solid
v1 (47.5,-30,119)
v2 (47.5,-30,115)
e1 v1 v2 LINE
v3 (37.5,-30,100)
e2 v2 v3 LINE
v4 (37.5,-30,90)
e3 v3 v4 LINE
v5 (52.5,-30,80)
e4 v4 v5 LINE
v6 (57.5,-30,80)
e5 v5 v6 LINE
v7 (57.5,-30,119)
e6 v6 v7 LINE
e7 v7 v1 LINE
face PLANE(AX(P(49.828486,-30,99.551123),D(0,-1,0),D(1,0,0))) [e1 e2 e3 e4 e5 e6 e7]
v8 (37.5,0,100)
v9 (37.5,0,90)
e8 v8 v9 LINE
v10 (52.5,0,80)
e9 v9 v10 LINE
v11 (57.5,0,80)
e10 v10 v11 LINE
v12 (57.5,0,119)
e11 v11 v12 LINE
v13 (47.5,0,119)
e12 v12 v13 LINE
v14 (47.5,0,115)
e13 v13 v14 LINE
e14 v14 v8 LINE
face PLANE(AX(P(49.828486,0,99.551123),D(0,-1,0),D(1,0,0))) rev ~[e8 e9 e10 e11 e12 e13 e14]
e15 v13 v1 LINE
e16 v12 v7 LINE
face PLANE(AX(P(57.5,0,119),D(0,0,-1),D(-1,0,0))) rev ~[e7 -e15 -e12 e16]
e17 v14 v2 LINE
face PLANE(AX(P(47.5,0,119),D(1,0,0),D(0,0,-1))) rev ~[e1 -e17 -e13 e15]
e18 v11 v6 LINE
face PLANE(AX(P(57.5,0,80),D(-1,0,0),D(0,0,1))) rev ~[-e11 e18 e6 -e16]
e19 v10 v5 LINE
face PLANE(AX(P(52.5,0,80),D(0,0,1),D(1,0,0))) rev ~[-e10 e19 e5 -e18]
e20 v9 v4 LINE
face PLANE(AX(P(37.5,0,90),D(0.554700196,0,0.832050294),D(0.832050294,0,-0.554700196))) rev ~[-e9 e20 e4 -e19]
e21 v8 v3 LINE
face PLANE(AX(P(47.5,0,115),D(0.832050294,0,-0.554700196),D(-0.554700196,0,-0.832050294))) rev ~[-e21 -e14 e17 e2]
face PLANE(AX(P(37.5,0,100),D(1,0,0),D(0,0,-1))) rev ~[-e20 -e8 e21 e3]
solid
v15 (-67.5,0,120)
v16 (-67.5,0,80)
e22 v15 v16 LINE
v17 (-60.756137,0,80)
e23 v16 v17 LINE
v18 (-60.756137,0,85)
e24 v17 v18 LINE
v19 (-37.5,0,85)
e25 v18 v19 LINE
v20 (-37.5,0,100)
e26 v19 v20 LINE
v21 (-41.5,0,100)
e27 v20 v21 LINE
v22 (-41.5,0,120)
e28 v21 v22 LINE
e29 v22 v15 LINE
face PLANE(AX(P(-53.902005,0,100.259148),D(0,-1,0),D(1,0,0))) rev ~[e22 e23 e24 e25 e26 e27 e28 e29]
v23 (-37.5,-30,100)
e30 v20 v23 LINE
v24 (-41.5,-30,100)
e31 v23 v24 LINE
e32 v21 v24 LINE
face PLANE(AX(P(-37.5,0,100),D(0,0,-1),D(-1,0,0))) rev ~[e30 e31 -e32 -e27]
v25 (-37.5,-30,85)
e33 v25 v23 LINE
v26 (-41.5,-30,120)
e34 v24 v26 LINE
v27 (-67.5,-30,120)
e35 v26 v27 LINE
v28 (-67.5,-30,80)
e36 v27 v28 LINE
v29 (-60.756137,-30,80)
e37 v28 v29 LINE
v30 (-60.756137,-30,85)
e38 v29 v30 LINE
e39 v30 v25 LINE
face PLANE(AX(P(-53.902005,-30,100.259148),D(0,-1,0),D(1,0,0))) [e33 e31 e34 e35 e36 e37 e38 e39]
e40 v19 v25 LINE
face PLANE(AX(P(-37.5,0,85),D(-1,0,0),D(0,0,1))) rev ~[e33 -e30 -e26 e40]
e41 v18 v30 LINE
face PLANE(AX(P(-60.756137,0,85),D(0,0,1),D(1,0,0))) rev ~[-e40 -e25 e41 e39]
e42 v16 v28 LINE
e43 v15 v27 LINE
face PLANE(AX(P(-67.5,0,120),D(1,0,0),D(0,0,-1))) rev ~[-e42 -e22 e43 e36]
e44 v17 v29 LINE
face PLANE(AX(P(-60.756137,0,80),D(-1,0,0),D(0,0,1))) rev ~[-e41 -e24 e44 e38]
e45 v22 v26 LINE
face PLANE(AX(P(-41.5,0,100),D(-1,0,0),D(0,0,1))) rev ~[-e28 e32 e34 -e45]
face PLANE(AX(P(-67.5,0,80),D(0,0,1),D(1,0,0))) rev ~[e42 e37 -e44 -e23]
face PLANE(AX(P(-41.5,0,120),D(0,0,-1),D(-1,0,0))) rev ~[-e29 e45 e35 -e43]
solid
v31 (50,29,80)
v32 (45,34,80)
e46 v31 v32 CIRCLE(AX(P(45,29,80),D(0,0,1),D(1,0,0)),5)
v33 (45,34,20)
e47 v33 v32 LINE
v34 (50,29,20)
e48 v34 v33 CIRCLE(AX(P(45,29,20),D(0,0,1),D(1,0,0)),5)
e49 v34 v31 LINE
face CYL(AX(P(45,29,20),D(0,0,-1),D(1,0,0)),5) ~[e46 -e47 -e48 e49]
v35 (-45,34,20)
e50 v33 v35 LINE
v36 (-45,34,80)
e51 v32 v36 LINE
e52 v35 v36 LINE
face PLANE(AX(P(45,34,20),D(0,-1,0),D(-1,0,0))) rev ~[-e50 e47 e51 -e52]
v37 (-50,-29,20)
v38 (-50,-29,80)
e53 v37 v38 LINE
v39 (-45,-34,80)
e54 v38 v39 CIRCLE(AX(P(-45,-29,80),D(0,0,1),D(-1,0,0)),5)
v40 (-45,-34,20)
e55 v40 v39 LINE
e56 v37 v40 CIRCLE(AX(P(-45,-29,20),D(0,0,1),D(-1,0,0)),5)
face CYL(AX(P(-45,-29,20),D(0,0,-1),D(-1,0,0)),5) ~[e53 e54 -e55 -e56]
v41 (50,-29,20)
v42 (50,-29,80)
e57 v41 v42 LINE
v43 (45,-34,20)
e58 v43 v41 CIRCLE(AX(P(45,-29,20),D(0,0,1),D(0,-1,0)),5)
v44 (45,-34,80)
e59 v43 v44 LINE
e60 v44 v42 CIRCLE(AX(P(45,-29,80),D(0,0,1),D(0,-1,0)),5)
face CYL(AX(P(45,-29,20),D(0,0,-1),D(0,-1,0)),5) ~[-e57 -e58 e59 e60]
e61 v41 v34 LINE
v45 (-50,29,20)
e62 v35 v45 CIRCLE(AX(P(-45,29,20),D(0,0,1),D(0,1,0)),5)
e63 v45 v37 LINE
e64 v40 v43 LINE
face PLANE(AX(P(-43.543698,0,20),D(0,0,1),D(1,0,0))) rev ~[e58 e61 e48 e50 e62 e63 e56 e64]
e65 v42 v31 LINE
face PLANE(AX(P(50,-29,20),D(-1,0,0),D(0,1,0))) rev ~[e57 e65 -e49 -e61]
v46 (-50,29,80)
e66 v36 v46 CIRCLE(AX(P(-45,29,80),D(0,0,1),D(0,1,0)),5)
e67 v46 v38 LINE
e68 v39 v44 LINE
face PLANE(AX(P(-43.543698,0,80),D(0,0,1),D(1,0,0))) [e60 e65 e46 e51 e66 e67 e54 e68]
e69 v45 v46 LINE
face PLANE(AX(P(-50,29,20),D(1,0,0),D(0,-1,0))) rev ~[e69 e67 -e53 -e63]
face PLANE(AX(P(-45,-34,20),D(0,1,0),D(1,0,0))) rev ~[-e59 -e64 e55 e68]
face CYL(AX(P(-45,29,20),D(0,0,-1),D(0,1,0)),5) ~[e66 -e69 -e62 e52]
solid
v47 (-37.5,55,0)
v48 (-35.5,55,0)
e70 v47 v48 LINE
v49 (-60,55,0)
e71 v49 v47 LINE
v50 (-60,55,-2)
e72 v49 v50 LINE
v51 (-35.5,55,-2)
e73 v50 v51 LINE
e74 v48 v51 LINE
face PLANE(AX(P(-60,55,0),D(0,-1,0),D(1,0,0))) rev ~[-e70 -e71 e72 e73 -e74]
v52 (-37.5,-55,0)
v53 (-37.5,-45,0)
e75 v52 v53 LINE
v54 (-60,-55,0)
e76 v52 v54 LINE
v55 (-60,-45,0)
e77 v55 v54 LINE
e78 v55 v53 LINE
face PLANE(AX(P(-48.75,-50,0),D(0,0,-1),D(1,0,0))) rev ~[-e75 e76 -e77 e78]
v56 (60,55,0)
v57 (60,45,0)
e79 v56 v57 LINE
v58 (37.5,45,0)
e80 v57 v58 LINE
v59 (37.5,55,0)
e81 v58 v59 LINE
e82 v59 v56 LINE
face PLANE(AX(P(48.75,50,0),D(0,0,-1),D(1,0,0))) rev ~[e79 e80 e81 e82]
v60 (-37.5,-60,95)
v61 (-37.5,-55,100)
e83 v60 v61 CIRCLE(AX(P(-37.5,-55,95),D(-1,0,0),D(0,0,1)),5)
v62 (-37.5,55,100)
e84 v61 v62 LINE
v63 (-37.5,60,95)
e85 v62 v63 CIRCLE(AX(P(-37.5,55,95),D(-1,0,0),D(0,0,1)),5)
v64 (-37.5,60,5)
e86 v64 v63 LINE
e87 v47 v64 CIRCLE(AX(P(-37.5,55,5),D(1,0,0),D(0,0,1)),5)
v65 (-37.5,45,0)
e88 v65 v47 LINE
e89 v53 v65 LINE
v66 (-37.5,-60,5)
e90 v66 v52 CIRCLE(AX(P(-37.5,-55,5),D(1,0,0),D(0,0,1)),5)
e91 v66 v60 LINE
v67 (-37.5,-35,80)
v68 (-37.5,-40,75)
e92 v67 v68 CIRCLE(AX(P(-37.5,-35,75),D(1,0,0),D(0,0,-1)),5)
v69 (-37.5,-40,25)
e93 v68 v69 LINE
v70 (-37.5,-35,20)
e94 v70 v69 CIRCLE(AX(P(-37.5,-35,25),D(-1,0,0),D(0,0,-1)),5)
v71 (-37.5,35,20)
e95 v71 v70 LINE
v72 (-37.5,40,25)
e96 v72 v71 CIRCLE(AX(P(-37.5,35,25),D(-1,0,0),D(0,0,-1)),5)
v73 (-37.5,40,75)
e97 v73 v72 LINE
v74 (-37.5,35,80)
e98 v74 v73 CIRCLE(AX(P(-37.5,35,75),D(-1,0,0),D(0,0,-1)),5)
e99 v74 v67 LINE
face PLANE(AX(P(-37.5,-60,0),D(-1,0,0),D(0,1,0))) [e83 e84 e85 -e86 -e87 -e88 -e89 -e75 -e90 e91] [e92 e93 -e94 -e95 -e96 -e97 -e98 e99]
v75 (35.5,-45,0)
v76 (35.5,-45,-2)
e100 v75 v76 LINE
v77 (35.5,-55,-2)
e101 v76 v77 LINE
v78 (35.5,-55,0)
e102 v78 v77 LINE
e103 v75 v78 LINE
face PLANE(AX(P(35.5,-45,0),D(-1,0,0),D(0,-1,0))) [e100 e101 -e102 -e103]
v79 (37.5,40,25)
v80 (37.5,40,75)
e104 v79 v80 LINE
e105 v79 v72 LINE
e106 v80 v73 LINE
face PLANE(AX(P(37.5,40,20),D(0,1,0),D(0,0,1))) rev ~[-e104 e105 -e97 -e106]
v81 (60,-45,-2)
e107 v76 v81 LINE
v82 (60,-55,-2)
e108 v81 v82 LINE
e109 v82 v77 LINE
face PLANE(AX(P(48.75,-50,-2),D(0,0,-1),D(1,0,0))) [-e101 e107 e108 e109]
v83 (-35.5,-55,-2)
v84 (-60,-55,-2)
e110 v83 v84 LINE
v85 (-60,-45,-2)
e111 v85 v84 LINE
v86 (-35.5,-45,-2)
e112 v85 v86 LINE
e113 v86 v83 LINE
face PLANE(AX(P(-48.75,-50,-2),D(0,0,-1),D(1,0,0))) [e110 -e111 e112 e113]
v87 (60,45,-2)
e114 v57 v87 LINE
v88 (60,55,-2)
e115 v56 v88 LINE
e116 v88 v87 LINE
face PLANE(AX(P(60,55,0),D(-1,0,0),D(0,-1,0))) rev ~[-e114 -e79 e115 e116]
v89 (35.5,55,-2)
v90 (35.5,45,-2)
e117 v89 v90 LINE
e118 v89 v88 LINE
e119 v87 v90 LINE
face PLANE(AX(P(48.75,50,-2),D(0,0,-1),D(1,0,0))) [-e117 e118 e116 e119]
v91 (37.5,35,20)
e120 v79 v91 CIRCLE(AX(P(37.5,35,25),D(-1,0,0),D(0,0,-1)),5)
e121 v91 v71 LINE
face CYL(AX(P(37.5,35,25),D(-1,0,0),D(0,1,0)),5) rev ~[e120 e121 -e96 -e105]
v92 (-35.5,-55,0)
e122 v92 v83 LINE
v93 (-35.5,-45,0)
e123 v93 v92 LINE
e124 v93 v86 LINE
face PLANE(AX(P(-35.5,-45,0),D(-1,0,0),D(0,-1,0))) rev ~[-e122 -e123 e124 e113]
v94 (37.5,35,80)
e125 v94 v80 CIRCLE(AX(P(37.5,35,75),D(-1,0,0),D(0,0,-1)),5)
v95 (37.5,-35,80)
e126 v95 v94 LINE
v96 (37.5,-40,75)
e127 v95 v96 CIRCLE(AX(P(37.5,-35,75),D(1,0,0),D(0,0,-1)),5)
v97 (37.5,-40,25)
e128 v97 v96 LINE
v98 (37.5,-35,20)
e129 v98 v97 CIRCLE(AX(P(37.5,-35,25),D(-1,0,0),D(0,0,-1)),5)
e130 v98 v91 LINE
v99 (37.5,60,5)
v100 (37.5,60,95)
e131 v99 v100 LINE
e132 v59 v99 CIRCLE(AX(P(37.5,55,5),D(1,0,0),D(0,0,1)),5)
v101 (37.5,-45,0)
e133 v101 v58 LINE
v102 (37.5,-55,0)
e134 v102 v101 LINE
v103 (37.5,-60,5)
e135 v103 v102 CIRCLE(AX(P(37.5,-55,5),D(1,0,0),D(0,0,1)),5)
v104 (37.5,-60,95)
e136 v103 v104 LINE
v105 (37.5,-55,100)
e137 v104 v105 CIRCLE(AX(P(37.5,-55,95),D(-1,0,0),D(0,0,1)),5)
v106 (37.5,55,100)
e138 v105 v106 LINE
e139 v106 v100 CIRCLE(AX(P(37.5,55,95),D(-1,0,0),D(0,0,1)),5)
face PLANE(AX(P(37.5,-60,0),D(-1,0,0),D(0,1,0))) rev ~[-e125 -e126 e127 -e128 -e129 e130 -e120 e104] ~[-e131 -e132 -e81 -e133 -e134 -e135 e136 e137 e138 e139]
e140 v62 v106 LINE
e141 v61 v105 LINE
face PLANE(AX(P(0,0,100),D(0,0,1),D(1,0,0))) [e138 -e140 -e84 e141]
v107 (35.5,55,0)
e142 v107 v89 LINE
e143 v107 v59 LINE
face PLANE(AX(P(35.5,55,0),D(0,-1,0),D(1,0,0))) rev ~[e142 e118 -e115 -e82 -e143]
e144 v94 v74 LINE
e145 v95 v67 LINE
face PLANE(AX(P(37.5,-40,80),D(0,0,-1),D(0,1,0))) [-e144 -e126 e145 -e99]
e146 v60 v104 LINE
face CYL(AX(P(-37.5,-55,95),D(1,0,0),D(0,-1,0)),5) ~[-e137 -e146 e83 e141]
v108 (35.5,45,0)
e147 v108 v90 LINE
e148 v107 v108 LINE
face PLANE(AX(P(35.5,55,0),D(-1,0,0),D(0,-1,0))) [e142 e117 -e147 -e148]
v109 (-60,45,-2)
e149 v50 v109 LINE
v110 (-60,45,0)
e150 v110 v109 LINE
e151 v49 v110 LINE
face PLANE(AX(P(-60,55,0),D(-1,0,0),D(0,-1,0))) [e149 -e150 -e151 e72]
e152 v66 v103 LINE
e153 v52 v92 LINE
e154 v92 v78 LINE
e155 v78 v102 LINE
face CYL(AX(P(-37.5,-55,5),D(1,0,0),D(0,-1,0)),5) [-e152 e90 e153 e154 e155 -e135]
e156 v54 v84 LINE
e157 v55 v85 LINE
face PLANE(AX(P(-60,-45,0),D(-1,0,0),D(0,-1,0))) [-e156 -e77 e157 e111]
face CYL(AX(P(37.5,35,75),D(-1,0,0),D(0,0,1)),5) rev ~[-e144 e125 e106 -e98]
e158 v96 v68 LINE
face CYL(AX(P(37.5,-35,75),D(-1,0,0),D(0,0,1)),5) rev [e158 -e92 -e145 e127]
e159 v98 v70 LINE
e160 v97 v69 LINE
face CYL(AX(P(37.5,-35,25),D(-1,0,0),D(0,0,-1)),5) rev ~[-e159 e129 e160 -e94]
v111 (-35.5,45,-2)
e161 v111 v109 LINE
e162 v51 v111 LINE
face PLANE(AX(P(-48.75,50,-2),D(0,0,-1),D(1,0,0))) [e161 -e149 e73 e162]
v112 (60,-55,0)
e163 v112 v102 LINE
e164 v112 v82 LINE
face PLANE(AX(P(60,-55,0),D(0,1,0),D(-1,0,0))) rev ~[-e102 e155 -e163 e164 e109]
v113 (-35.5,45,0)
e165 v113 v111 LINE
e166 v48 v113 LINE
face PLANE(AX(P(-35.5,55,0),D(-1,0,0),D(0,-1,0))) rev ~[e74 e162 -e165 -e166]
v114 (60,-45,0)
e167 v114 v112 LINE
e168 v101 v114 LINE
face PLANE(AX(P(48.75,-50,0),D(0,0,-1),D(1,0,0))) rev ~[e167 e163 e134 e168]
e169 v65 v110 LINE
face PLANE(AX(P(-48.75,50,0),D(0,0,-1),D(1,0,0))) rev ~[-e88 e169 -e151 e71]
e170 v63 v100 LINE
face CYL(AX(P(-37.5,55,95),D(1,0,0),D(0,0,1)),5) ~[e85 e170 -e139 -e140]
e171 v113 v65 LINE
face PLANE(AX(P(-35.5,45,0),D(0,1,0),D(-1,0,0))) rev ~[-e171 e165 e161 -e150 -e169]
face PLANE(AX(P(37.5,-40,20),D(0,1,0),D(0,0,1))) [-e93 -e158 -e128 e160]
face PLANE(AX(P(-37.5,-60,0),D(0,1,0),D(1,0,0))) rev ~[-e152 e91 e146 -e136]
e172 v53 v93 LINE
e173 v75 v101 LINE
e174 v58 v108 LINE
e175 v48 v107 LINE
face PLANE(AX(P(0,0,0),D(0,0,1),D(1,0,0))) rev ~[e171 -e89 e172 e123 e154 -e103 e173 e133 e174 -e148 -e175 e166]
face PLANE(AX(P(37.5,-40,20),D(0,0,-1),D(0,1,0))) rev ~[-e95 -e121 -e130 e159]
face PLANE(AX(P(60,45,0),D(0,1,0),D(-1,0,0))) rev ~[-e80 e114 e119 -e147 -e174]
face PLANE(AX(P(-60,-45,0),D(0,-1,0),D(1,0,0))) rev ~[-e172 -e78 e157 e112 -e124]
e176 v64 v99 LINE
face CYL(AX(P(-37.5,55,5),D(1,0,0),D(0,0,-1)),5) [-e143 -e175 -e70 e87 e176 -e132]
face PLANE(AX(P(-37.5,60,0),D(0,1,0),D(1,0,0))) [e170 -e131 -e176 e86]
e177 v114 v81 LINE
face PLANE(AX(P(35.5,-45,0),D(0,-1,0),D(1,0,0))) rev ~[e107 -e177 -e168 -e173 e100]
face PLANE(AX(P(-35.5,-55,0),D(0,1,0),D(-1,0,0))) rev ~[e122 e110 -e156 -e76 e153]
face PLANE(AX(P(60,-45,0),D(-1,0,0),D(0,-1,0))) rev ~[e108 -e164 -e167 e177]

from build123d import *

# Parameters (mm, degrees)
F0_W      = 75
F0_H      = 120
F1_DEPTH  = 100
F2_W      = 80
F2_H      = 60
F3_DEPTH  = 75.001
F4_R      = 5
F5_W      = 75
F5_H      = 68
F6_DEPTH  = 60
F7_W      = 22.5
F7_H      = 10
F7_W_2    = 2
F8_DEPTH  = 2
F10_DEPTH = 30


with BuildPart() as f1:
    # F0 (on Top) → F1 (new body)
    with BuildSketch(Plane.XY):
        Rectangle(F0_W, F0_H)
    extrude(amount=F1_DEPTH)

    # F2 (on face) → F3 (cut, through all)
    with BuildSketch(Plane.YZ.offset(37.5)):
        with Locations((0, 50)):
            Rectangle(F2_W, F2_H)
    extrude(amount=-F3_DEPTH, mode=Mode.SUBTRACT)

    # F4
    f4_edges = [f1.edges().sort_by_distance(p)[0] for p in [
        (0, 40, 20),
        (0, -60, 100),
        (0, -60, 0),
        (0, -40, 20),
        (0, 60, 0),
        (0, 60, 100),
        (0, -40, 80),
        (0, 40, 80),
    ]]
    fillet(f4_edges, radius=F4_R)

    # F7 (on face) → F8 (join)
    with BuildSketch(Plane(origin=(0, 0, 0), x_dir=(1, 0, 0), z_dir=(0, 0, -1))):
        with Locations((-48.75, 50)):
            Rectangle(F7_W, F7_H)
        with Locations((48.75, 50)):
            Rectangle(F7_W, F7_H)
        with Locations((48.75, -50)):
            Rectangle(F7_W, F7_H)
        with Locations((-48.75, -50)):
            Rectangle(F7_W, F7_H)
        with Locations((-36.5, 50)):
            Rectangle(F7_W_2, F7_H)
        with Locations((36.5, 50)):
            Rectangle(F7_W_2, F7_H)
        with Locations((36.5, -50)):
            Rectangle(F7_W_2, F7_H)
        with Locations((-36.5, -50)):
            Rectangle(F7_W_2, F7_H)
    extrude(amount=F8_DEPTH)


with BuildPart() as f6:
    # F5 (on face) → F6 (new body)
    with BuildSketch(Plane.XY.offset(20)):
        with BuildLine():
            Line((-37.5, 34), (-45, 34))
            ThreePointArc((-45, 34), (-48.5355339059, 32.5355339059), (-50, 29))
            Line((-50, 29), (-50, -29))
            ThreePointArc((-50, -29), (-48.5355339059, -32.5355339059), (-45, -34))
            Line((-45, -34), (-37.5, -34))
            Line((-37.5, -34), (-37.5, 34))
        make_face()
        Rectangle(F5_W, F5_H)
        with BuildLine():
            Line((45, 34), (37.5, 34))
            Line((37.5, 34), (37.5, -34))
            Line((37.5, -34), (45, -34))
            ThreePointArc((45, -34), (48.5355339059, -32.5355339059), (50, -29))
            Line((50, -29), (50, 29))
            ThreePointArc((50, 29), (48.5355339059, 32.5355339059), (45, 34))
        make_face()
    extrude(amount=F6_DEPTH)


with BuildPart() as f10:
    # F9 (on Front) → F10 (new body)
    with BuildSketch(Plane.XZ):
        Polygon((-37.5, 85), (-37.5, 100), (-41.5, 100), (-41.5, 120), (-67.5, 120), (-67.5, 80), (-60.756136775, 80), (-60.756136775, 85), align=None)
    extrude(amount=F10_DEPTH)


with BuildPart() as f10b:
    # F9 (on Front) → F10, piece 2 (new body)
    with BuildSketch(Plane.XZ):
        Polygon((47.5, 115), (37.5, 100), (37.5, 95), (37.5, 90), (52.5, 80), (57.5, 80), (57.5, 119), (47.5, 119), align=None)
    extrude(amount=F10_DEPTH)


solid = Compound([f1.part, f6.part, f10.part, f10b.part])
